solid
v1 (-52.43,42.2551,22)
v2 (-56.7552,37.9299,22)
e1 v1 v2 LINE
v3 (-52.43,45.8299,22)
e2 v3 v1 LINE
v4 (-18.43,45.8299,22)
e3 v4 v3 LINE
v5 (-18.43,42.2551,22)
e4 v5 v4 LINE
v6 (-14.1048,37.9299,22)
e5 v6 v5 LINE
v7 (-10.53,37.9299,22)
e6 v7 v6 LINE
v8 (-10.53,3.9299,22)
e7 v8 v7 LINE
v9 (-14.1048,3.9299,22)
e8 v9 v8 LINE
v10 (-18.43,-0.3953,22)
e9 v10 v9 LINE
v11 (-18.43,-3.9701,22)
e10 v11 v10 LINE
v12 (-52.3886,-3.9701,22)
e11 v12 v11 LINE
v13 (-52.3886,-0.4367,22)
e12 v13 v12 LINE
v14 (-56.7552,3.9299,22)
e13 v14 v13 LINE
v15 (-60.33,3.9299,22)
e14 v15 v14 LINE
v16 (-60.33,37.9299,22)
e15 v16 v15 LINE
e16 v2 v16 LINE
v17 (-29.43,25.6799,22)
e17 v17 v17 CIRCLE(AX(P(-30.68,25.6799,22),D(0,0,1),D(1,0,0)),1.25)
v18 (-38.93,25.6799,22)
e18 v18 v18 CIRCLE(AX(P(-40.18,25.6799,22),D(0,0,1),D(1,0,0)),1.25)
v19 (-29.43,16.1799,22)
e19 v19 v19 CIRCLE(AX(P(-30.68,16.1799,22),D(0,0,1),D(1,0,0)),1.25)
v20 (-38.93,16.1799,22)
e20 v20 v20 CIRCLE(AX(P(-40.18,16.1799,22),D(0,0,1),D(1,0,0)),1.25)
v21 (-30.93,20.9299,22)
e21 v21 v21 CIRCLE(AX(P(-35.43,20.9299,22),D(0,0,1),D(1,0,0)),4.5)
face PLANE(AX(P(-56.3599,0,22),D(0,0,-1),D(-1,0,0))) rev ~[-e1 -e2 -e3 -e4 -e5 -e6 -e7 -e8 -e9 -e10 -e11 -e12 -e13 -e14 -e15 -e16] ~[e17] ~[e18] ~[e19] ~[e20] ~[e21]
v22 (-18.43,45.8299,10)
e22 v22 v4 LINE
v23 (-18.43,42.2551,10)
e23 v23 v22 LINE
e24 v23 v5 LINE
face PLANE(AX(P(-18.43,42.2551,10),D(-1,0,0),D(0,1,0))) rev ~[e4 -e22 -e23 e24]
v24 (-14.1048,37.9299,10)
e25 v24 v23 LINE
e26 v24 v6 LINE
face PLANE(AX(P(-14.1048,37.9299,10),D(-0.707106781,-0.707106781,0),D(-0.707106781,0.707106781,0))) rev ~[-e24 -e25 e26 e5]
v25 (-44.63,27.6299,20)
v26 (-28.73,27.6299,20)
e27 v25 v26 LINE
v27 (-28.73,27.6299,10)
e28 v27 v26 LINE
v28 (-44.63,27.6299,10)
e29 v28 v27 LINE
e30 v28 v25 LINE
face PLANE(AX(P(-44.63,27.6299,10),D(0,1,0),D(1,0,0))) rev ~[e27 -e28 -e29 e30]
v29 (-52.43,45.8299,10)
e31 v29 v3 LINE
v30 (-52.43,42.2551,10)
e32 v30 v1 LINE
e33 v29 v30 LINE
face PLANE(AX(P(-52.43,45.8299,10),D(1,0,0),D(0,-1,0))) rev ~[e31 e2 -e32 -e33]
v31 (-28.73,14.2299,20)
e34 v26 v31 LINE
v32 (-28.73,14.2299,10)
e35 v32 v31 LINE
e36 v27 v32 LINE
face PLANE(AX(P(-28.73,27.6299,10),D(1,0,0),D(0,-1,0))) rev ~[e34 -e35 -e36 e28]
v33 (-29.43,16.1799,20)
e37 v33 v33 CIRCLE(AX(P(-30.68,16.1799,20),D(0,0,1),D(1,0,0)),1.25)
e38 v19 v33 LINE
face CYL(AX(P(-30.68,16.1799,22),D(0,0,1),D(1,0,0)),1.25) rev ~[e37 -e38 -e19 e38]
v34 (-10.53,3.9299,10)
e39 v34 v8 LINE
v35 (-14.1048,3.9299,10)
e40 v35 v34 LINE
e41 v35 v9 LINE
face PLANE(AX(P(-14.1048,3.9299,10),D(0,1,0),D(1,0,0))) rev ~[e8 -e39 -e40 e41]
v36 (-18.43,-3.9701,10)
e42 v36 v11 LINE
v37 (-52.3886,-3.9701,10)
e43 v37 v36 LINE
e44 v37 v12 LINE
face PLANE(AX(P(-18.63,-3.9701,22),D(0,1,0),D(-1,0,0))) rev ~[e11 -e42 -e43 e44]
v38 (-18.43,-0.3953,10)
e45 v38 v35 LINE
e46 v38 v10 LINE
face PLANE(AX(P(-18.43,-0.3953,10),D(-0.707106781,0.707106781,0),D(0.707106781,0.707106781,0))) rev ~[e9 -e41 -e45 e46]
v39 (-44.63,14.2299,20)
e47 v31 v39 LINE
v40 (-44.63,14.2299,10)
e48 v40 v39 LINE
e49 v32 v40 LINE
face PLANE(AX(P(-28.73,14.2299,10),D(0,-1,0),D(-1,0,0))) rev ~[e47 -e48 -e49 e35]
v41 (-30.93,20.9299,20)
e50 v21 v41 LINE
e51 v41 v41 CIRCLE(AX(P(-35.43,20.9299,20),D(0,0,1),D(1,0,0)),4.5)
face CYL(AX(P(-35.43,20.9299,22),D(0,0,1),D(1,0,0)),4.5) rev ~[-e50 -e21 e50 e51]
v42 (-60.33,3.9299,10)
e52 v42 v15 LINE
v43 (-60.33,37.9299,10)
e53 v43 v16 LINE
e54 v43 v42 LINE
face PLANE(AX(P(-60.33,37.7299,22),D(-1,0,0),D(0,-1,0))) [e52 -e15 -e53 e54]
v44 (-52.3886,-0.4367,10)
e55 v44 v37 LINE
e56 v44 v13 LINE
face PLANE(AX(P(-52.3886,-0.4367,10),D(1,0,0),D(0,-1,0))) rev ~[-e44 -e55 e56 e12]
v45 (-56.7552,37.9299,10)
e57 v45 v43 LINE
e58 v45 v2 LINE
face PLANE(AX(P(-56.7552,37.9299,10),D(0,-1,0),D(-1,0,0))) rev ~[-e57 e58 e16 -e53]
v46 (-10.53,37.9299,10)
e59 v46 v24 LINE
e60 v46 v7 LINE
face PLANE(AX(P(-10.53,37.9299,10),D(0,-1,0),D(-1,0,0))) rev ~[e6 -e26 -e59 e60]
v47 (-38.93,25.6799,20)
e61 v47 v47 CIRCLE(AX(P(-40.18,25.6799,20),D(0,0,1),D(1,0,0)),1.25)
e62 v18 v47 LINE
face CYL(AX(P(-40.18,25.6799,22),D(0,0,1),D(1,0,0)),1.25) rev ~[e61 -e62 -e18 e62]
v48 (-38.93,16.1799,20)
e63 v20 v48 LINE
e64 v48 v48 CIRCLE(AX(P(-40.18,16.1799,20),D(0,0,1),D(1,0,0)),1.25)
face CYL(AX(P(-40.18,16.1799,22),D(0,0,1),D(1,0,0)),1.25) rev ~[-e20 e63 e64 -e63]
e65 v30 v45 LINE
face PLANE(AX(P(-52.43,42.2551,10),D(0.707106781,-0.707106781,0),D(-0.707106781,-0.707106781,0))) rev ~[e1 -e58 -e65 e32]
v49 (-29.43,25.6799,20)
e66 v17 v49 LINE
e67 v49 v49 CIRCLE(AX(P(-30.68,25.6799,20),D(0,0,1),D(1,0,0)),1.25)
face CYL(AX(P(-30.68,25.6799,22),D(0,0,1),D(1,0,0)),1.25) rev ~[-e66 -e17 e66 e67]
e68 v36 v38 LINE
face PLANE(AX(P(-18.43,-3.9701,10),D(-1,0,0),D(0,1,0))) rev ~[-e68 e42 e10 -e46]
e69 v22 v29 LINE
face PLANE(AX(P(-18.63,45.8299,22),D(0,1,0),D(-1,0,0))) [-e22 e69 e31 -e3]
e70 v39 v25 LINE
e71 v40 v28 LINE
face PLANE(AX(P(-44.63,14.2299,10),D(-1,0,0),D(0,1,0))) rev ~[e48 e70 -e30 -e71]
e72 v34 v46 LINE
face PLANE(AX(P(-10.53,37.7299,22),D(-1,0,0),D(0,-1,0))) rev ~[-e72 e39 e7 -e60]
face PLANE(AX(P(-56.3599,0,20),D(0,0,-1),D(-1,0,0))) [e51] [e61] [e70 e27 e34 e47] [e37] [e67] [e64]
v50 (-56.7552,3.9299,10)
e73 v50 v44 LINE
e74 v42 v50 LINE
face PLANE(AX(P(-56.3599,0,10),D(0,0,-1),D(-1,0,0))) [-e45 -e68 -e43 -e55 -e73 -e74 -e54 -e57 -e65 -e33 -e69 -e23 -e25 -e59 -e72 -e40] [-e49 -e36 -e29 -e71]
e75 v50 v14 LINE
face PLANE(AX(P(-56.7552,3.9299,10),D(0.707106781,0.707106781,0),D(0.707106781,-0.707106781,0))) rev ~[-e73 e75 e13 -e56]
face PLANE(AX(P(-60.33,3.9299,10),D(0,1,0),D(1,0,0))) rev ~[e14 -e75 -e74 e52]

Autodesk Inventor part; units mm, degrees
ref_plane "YZ Plane" through (0, 0, 0) normal (1, 0, 0) x (0, 1, 0)
ref_plane "XZ Plane" through (0, 0, 0) normal (0, 1, 0) x (-1, 0, 0)
ref_plane "Work Plane1" through (-56.3599, 0, 22) normal (0, 0, -1) x (-1, 0, 0)
sketch "Sketch1" plane through (-56.3599, 0, 22) normal (0, 0, -1) x (-1, 0, 0)
  line L0 (-4.0299, -0.3538) -> (-2.2322, 1.4439) construction
  arc A0 (-1.4439, 2.2322) -> (-2.2322, 1.4439) centre (-0.9299, 0.9299) ccw construction
  line L1 (-1.4439, 2.2322) -> (0.3538, 4.0299) construction
  line L2 (-37.8299, 42.8299) -> (-37.8299, 37.8299) construction
  line L3 (-37.8299, 37.8299) -> (-42.9208, 37.8299) construction
  line L4 (-37.8299, 42.2137) -> (-37.8299, 45.8299) construction
  line L5 (-37.8299, 45.8299) -> (-4.0299, 45.8299) construction
  line L6 (-4.0299, 45.8299) -> (-4.0299, 42.2137) construction
  line L7 (-4.0299, 4.0299) -> (0.3538, 4.0299) projected
  circle A1 centre (-20.9299, 20.9299) radius 17.5 projected
  line L8 (-20.9299, 58.9723) -> (17.1124, 20.9299) construction
  line L9 (17.1124, 20.9299) -> (-20.9299, -17.1124) construction
  line L10 (-20.9299, -17.1124) -> (-58.9723, 20.9299) construction
  line L11 (-58.9723, 20.9299) -> (-20.9299, 58.9723) construction
  line L12 (-20.9299, 58.9723) -> (-20.9299, -17.1124) construction
  line L13 (17.1124, 20.9299) -> (-58.9723, 20.9299) construction
  line L14 (-20.9299, 58.9723) -> (32.8701, 58.9723) construction
  line L15 (-43.4299, 43.4299) -> (1.5701, 43.4299) construction
  line L16 (1.5701, 43.4299) -> (1.5701, -1.5701) construction
  line L17 (1.5701, -1.5701) -> (-43.4299, -1.5701) construction
  line L18 (-43.4299, -1.5701) -> (-43.4299, 43.4299) construction
  line L19 (-43.4299, 43.4299) -> (1.5701, -1.5701) construction
  line L20 (1.5701, 43.4299) -> (-43.4299, -1.5701) construction
  line L21 (-43.4299, 5.3876) -> (-43.4299, 36.4723)
  line L22 (-43.4299, 36.4723) -> (-36.4723, 43.4299)
  line L23 (-36.4723, 43.4299) -> (-5.3876, 43.4299)
  line L24 (-5.3876, 43.4299) -> (1.5701, 36.4723)
  line L25 (1.5701, 36.4723) -> (1.5701, 5.3876)
  line L26 (1.5701, 5.3876) -> (-5.3876, -1.5701)
  line L27 (-5.3876, -1.5701) -> (-36.4723, -1.5701)
  line L28 (-36.4723, -1.5701) -> (-43.4299, 5.3876)
  line L29 (-4.0299, 42.2137) -> (-37.8299, 42.2137) projected
  line L30 (-4.0299, -0.3538) -> (-4.0299, 4.0299) projected
  circle A2 centre (-20.9299, 20.9299) radius 1.5
  line L31 (-10.9299, 10.9299) -> (-30.9299, 10.9299) construction
  line L32 (-30.9299, 10.9299) -> (-30.9299, 30.9299) construction
  line L33 (-30.9299, 30.9299) -> (-10.9299, 30.9299) construction
  line L34 (-10.9299, 30.9299) -> (-10.9299, 10.9299) construction
  line L35 (-10.9299, 10.9299) -> (-30.9299, 30.9299) construction
  line L36 (-30.9299, 10.9299) -> (-10.9299, 30.9299) construction
  circle A3 centre (-30.9299, 30.9299) radius 1.4
  circle A4 centre (-30.9299, 10.9299) radius 1.4
  circle A5 centre (-10.9299, 10.9299) radius 1.4
  line L37 (-45.8299, 37.8299) -> (-42.0723, 37.8299) construction
  line L38 (-42.1723, 37.7299) -> (-45.8299, 37.7299)
  line L39 (-45.8299, 37.7299) -> (-45.8299, 4.1299)
  line L40 (-45.8299, 4.1299) -> (-42.1723, 4.1299)
  line L41 (-42.1723, 4.1299) -> (-42.1723, 37.7299)
  line L42 (-45.8299, 4.0299) -> (-42.0723, 4.0299) construction
  line L43 (-45.8299, 37.8299) -> (-42.0723, 37.8299) projected
  line L44 (-37.7299, 45.8299) -> (-4.1299, 45.8299)
  line L45 (-4.1299, 45.8299) -> (-4.1299, 42.1723)
  line L46 (-4.1299, 42.1723) -> (-37.7299, 42.1723)
  line L47 (-37.7299, 42.1723) -> (-37.7299, 45.8299)
  line L48 (0.4701, 37.8299) -> (0.4701, 4.0299) construction
  line L49 (0.4701, 4.0299) -> (3.9701, 4.0299) construction
  line L50 (3.9701, 37.8299) -> (3.9701, 4.0299) construction
  line L51 (0.4701, 37.8299) -> (3.9701, 37.8299) construction
  line L52 (-45.8299, -3.9701) -> (-4.0299, -3.9701) construction
  line L53 (0.3124, 37.7299) -> (3.9701, 37.7299)
  line L54 (3.9701, 37.7299) -> (3.9701, 4.1299)
  line L55 (3.9701, 4.1299) -> (0.3124, 4.1299)
  line L56 (0.3124, 4.1299) -> (0.3124, 37.7299)
  line L57 (-4.1713, -0.3538) -> (-37.7299, -0.3538)
  line L58 (-37.7299, -0.3538) -> (-37.7299, -3.9701)
  line L59 (-37.7299, -3.9701) -> (-4.1713, -3.9701)
  line L60 (-4.1713, -3.9701) -> (-4.1713, -0.3538)
  point P0 (-37.8299, 4.0299)
  dimension "d18" = 53.8
  dimension "d19" = 45
  dimension "d20" = 53.8
  dimension "d21" = 45
  dimension "d22" = 45
  dimension "d30" = 20
  dimension "d31" = 20
  dimension "d32" = 2.8
  dimension "d33" = 2.8
  dimension "d34" = 2.8
  dimension "d35" = 3
  dimension "d36" = 0.1
  dimension "d37" = 0.1
  dimension "d38" = 0.1
  dimension "d39" = 0.1
extrude "Extrusion1" add sketch "Sketch1" along normal blind 12 contours L30 L26 L57 L28 L41 L22 L46 L24 L56 L7 | L7 L26 L30 | L56 L24 L25 L26 | L26 L25 L24 L53 L54 L55 | L60 L59 L58 L57 L28 L27 L26 | L26 L27 L28 L57 | L46 L22 L29 L24 | L24 L29 L45 | L40 L39 L38 L22 L21 L28 | L28 L21 L22 L41 | L29 L22 L23 L24 | L24 L23 L22 L29 L47 L44 L45 | L47 L29 L22 | A1 | A2 | A3 | A4 | A5
sketch "Skizze4" plane through (-56.3599, 0, 10) normal (0, 0, -1) x (-1, 0, 0)
  line L0 (-37.7299, 42.1723) -> (-42.1723, 37.7299) projected
  line L1 (-42.1723, 37.7299) -> (-45.8299, 37.7299) projected
  line L2 (-45.8299, 37.7299) -> (-45.8299, 4.1299) construction
  line L3 (-45.8299, 4.1299) -> (-42.1723, 4.1299) projected
  line L4 (-42.1723, 4.1299) -> (-37.6885, -0.3538) projected
  line L5 (-37.6885, -0.3538) -> (-37.7299, -0.3538) projected
  line L6 (-37.7299, -0.3538) -> (-37.7299, -3.9701) projected
  line L7 (-37.7299, -3.9701) -> (-4.1713, -3.9701) construction
  line L8 (-4.1713, -3.9701) -> (-4.1713, -0.3538) projected
  line L9 (-4.1713, -0.3538) -> (0.3124, 4.1299) projected
  line L10 (0.3124, 4.1299) -> (3.9701, 4.1299) projected
  line L11 (3.9701, 4.1299) -> (3.9701, 37.7299) construction
  line L12 (3.9701, 37.7299) -> (0.3124, 37.7299) projected
  line L13 (0.3124, 37.7299) -> (-4.1299, 42.1723) projected
  line L14 (-4.1299, 42.1723) -> (-4.1299, 45.8299) projected
  line L15 (-4.1299, 45.8299) -> (-37.7299, 45.8299) construction
  line L16 (-37.7299, 45.8299) -> (-37.7299, 42.1723) projected
  line L17 (-37.9299, 46.0299) -> (-3.9299, 46.0299) construction
  line L18 (-3.9299, 46.0299) -> (-3.9299, 42.2551)
  line L19 (-3.9299, 42.2551) -> (0.3953, 37.9299)
  line L20 (0.3953, 37.9299) -> (4.1701, 37.9299)
  line L21 (4.1701, 37.9299) -> (4.1701, 3.9299) construction
  line L22 (4.1701, 3.9299) -> (0.3953, 3.9299)
  line L23 (0.3953, 3.9299) -> (-3.9713, -0.4367)
  line L24 (-3.9713, -0.4367) -> (-3.9713, -4.1701)
  line L25 (-3.9713, -4.1701) -> (-37.9299, -4.1701) construction
  line L26 (-37.9299, -4.1701) -> (-37.9299, -0.3953)
  line L27 (-37.9299, -0.3953) -> (-42.2551, 3.9299)
  line L28 (-42.2551, 3.9299) -> (-46.0299, 3.9299)
  line L29 (-46.0299, 3.9299) -> (-46.0299, 37.9299) construction
  line L30 (-46.0299, 37.9299) -> (-42.2551, 37.9299)
  line L31 (-42.2551, 37.9299) -> (-37.9299, 42.2551)
  line L32 (-37.9299, 42.2551) -> (-37.9299, 46.0299)
  line L33 (-45.8299, 37.7299) -> (-45.8299, 37.9299)
  line L34 (-4.1299, 45.8299) -> (-37.7299, 45.8299) projected
  line L35 (-37.7299, 45.8299) -> (-37.9299, 45.8299)
  line L36 (-4.1299, 45.8299) -> (-3.9299, 45.8299)
  line L37 (3.9701, 37.7299) -> (3.9701, 37.9299)
  line L38 (3.9701, 4.1299) -> (3.9701, 37.7299) projected
  line L39 (3.9701, 4.1299) -> (3.9701, 3.9299)
  line L40 (-4.1713, -3.9701) -> (-3.9713, -3.9701)
  line L41 (-37.7299, -3.9701) -> (-37.9299, -3.9701)
  line L42 (-45.8299, 4.1299) -> (-45.8299, 3.9299)
  point P0 (-56.3599, 0)
  dimension "d40" = 0.2
extrude "IM_offset" add sketch "Skizze4" against normal up to surface (12 mm away)
ref_plane "Arbeitsebene5" through (-35.4299, 3.9299, 22) normal (-1, 0, 0) x (0, 0, 1)
ref_plane "Arbeitsebene6" through (-18.4299, 20.9299, 22) normal (0, 1, 0) x (-1, 0, 0)
sketch "Skizze31" plane through (-56.3599, 0, 10) normal (0, 0, -1) x (-1, 0, 0)
  line L0 (3.9701, 3.9299) -> (3.9701, 37.9299) projected
  line L1 (3.9701, 37.9299) -> (0.3953, 37.9299) projected
  line L2 (0.3953, 37.9299) -> (-3.9299, 42.2551) projected
  line L3 (-3.9299, 42.2551) -> (-3.9299, 45.8299) projected
  line L4 (-3.9299, 45.8299) -> (-37.9299, 45.8299) projected
  line L5 (-37.9299, 45.8299) -> (-37.9299, 42.2551) projected
  line L6 (-37.9299, 42.2551) -> (-42.2551, 37.9299) projected
  line L7 (-42.2551, 37.9299) -> (-45.8299, 37.9299) projected
  line L8 (-45.8299, 37.9299) -> (-45.8299, 3.9299) projected
  line L9 (-42.2551, 3.9299) -> (-45.8299, 3.9299) projected
  line L10 (-37.9299, -0.3953) -> (-42.2551, 3.9299) projected
  line L11 (-37.9299, -3.9701) -> (-37.9299, -0.3953) projected
  line L12 (-3.9713, -3.9701) -> (-37.9299, -3.9701) projected
  line L13 (-3.9713, -3.9701) -> (-3.9713, -0.4367) projected
  line L14 (-3.9713, -0.4367) -> (0.3953, 3.9299) projected
  line L15 (0.3953, 3.9299) -> (3.9701, 3.9299) projected
  line L16 (-11.9299, 27.4299) -> (-27.4299, 27.4299) projected
  line L17 (-11.9299, 14.4299) -> (-11.9299, 27.4299) projected
  line L18 (-27.4299, 14.4299) -> (-11.9299, 14.4299) projected
  line L19 (-27.4299, 27.4299) -> (-27.4299, 14.4299) projected
  circle A0 centre (-20.9299, 20.9299) radius 4.5 projected
  circle A1 centre (-25.6799, 25.6799) radius 0.75 projected
  circle A2 centre (-25.6799, 16.1799) radius 0.75 projected
  circle A3 centre (-16.1799, 16.1799) radius 0.75 projected
  circle A4 centre (-16.1799, 25.6799) radius 0.75 projected
  line L20 (-27.6299, 14.2299) -> (-11.7299, 14.2299)
  line L21 (-11.7299, 14.2299) -> (-11.7299, 27.6299)
  line L22 (-11.7299, 27.6299) -> (-27.6299, 27.6299)
  line L23 (-27.6299, 27.6299) -> (-27.6299, 14.2299)
  point P0 (-56.3599, 0)
  dimension "d184" = 0.2
extrude "Extrusion26" cut sketch "Skizze31" against normal blind 10 contours L17 L18 L19 L16 | A0 | A1 | A2 | A3 | A4 | L23 L22 L21 L20
sketch "Skizze32" plane through (-56.3599, 0, 22) normal (0, 0, 1) x (1, 0, 0)
  circle A0 centre (20.9299, 20.9299) radius 4.5 projected
  circle A1 centre (25.6799, 25.6799) radius 1.25 projected
  circle A2 centre (16.1799, 16.1799) radius 1.25 projected
  circle A3 centre (25.6799, 16.1799) radius 1.25 projected
  circle A4 centre (16.1799, 25.6799) radius 1.25 projected
  line L0 (14.4299, 27.4299) -> (27.4299, 27.4299) projected
  line L1 (27.4299, 27.4299) -> (27.4299, 14.4299) projected
  line L2 (27.4299, 14.4299) -> (14.4299, 14.4299) projected
  line L3 (14.4299, 14.4299) -> (14.4299, 27.4299) projected
  point P0 (56.3599, 0)
extrude "Extrusion27" cut sketch "Skizze32" against normal blind 10 contours A0 | A1 | A2 | A3 | A4
properties part number "20_Cube_Insert_Lasertack_mount_v3"
